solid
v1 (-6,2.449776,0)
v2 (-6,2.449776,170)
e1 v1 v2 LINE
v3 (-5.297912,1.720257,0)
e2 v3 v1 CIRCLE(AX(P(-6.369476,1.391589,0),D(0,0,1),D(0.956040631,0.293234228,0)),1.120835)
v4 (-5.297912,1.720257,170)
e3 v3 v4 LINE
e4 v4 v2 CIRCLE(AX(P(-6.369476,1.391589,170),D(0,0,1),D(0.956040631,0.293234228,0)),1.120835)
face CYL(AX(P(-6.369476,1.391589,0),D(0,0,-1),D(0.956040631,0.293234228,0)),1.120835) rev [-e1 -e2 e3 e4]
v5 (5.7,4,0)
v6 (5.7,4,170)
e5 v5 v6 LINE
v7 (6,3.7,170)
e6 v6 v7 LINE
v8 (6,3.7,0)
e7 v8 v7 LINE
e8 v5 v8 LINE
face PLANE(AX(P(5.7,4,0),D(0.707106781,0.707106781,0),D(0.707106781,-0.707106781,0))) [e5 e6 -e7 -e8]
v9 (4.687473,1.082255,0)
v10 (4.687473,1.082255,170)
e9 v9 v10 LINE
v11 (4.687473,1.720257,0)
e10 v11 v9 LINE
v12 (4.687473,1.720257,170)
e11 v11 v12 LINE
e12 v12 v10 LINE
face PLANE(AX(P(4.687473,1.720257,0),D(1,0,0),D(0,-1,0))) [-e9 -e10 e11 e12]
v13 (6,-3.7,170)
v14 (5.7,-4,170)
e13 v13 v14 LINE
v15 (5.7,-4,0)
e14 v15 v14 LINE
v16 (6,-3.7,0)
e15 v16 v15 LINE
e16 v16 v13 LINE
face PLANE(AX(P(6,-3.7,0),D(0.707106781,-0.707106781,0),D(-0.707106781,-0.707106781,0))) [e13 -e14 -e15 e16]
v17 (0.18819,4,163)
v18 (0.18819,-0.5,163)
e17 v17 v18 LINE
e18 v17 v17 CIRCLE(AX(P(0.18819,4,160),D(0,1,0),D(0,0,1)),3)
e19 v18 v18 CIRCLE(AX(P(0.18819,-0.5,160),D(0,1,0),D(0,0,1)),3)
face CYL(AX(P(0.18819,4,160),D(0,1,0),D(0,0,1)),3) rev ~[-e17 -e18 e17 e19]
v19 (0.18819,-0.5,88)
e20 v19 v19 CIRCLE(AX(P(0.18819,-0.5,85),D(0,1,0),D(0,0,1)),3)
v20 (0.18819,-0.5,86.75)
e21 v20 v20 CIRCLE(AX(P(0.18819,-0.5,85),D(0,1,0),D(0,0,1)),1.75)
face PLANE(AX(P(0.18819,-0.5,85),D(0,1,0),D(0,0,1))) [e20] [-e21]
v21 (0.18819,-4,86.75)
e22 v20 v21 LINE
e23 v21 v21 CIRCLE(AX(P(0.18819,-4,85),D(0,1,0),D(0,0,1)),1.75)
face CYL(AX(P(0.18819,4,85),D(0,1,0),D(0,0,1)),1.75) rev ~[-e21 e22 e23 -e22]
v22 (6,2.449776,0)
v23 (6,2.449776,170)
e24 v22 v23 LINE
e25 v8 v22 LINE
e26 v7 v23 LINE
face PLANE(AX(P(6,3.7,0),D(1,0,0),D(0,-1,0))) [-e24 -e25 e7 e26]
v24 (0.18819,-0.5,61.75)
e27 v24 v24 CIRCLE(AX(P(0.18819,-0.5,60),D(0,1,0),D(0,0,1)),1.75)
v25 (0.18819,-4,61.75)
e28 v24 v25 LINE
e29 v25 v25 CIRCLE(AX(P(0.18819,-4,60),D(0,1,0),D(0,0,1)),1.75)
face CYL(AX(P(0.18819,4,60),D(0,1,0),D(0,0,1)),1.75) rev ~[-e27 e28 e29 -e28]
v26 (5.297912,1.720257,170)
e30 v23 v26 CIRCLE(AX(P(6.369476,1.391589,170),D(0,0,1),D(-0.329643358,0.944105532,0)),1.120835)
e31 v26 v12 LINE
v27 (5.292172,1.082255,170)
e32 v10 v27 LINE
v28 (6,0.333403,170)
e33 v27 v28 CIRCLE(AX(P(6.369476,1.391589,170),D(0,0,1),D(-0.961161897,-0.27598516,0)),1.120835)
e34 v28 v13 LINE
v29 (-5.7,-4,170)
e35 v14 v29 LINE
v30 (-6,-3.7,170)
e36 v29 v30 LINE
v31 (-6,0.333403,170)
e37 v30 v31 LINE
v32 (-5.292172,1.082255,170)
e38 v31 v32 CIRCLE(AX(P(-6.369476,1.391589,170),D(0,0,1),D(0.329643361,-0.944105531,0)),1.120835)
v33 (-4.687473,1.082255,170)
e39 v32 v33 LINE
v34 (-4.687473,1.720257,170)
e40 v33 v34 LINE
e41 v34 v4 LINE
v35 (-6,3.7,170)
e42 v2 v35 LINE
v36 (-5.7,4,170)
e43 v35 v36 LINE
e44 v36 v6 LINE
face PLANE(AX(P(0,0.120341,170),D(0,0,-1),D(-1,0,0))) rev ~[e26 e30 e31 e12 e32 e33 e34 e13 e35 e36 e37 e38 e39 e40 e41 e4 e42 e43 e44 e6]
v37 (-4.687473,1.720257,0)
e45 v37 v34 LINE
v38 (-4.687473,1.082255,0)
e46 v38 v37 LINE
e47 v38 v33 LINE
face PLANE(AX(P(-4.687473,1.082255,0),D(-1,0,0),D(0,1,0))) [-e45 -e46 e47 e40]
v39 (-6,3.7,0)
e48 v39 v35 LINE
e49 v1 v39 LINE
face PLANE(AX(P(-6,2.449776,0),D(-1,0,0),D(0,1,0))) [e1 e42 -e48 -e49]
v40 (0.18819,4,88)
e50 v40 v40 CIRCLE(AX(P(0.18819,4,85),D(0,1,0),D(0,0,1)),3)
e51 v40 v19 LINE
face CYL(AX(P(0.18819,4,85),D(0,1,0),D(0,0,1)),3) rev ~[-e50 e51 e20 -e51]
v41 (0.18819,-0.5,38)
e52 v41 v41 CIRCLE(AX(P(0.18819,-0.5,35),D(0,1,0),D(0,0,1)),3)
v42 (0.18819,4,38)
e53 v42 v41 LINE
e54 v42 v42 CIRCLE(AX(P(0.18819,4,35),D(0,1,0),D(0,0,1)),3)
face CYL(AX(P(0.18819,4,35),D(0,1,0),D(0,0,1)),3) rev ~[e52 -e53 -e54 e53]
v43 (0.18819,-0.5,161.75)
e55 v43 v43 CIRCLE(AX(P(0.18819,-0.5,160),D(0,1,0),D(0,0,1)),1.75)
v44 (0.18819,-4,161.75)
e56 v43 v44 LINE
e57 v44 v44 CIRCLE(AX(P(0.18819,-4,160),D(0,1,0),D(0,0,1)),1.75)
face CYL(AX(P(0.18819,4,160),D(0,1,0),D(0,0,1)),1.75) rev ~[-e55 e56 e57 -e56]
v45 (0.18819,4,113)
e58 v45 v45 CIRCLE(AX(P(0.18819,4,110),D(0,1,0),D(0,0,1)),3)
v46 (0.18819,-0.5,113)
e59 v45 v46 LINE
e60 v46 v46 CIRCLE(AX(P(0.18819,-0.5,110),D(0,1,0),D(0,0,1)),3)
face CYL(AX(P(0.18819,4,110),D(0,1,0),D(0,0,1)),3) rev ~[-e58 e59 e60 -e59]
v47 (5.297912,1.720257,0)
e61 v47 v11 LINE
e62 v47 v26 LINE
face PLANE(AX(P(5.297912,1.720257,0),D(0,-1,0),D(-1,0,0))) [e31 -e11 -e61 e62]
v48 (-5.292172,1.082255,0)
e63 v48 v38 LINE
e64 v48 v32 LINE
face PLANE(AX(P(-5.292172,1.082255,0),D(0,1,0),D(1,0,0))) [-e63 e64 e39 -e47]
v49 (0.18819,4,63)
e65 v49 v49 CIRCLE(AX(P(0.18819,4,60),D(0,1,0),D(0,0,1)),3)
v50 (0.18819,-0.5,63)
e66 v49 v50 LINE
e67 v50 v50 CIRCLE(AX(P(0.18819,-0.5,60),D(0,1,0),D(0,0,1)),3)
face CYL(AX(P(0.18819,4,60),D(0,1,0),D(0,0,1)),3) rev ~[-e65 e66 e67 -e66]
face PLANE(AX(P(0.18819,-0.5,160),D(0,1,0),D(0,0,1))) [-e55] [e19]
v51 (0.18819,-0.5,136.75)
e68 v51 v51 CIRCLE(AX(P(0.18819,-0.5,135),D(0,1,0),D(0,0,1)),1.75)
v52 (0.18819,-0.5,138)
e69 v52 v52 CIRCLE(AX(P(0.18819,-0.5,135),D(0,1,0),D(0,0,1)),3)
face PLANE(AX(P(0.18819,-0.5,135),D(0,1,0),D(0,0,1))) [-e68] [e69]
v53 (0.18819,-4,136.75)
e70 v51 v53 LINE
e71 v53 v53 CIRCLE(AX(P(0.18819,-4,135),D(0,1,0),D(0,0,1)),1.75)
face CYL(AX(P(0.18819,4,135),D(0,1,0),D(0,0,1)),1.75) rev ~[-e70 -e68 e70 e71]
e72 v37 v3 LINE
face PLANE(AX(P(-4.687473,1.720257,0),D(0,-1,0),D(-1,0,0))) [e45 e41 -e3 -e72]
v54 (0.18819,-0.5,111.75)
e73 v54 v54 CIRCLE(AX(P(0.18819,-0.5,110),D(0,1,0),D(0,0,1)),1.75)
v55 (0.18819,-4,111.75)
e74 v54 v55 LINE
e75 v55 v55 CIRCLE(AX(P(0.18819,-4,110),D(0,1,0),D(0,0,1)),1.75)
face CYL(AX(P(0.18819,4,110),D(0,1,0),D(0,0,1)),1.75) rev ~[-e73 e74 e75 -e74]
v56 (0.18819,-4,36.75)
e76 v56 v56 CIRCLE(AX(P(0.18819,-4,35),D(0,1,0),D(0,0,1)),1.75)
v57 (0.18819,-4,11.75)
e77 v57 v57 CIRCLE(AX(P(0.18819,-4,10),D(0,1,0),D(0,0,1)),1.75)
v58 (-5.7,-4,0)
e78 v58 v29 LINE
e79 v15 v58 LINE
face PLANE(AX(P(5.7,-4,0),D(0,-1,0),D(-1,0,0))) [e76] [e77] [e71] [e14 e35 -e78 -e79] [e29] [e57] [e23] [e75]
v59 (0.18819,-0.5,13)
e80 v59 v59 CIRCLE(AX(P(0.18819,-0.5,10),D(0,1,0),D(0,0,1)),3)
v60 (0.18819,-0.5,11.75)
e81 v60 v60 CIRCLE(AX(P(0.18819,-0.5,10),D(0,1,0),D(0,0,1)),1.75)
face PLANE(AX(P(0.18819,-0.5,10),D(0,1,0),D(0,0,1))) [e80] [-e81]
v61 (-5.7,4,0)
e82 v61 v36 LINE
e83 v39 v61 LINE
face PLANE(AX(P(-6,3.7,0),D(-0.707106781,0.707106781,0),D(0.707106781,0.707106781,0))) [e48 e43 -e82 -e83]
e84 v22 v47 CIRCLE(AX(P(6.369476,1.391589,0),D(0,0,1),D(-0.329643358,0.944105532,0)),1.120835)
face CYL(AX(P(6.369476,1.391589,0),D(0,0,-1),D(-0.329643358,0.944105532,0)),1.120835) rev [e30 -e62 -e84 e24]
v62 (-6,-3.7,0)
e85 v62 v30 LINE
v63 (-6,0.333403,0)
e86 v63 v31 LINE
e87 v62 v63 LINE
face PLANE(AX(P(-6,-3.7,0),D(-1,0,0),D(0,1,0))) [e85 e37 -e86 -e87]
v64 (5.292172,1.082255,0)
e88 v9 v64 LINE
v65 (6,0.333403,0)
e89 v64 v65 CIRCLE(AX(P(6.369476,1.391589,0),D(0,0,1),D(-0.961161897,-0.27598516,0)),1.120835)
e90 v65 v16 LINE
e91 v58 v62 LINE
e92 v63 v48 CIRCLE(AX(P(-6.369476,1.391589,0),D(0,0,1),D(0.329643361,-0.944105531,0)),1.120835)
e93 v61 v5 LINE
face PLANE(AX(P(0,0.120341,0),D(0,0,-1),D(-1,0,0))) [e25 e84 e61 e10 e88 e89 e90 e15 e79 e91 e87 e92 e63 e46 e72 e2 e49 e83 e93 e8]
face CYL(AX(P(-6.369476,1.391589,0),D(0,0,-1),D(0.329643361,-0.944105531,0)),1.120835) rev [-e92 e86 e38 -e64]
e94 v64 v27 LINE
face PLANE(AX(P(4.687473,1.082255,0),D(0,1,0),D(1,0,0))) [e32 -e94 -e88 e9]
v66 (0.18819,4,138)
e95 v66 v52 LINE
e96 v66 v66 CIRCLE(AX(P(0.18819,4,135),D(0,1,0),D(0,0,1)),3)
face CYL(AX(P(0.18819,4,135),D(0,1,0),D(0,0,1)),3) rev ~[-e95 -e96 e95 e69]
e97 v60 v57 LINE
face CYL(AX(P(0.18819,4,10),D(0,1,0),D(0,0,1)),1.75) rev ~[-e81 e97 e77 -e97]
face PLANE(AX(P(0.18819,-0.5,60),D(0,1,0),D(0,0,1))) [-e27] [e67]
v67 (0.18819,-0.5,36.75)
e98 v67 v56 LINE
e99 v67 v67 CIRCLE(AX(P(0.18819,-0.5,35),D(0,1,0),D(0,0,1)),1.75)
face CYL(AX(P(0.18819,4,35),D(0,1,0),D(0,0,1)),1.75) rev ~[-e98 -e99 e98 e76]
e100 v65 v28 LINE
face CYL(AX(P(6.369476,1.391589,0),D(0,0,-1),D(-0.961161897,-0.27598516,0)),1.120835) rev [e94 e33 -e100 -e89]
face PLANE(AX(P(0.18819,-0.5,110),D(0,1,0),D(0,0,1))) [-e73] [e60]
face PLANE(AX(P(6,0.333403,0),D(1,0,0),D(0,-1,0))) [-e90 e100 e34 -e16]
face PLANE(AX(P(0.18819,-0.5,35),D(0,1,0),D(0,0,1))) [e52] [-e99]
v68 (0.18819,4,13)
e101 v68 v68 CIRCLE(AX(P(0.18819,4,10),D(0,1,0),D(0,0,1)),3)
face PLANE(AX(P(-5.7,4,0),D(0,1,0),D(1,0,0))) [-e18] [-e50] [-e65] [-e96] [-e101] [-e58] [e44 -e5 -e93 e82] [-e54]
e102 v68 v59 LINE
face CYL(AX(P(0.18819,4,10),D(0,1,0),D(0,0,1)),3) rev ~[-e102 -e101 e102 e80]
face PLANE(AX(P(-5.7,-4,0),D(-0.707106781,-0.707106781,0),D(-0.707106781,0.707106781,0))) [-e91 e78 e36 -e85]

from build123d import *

# Parameters (mm, degrees)
EXTRUDE_1_DEPTH        = 170
SKETCH_2_R             = 3
SKETCH_2_R_2           = 1.75
CUT_EXTRUDE_1_DEPTH    = 4.5
SKETCH_2_2_R           = 1.75
CUT_EXTRUDE_2_DEPTH    = 171.293863659
PATTERN_LINEAR_1_COUNT = 12
PATTERN_LINEAR_1_PITCH = 25


with BuildPart() as part:
    # Эскиз1 → Бобышка-Вытянуть1 (new body)
    with BuildSketch(Plane.XY):
        with BuildLine():
            Line((-6, 3.7), (-5.7, 4))
            Line((-5.7, 4), (5.7, 4))
            Line((5.7, 4), (6, 3.7))
            Line((6, 3.7), (6, 2.449776022))
            ThreePointArc((6, 2.449776022), (5.561887715, 2.168810579), (5.297911886, 1.720256551))
            Line((5.297911886, 1.720256551), (4.687472904, 1.720256551))
            Line((4.687472904, 1.720256551), (4.687472904, 1.082255421))
            Line((4.687472904, 1.082255421), (5.292171789, 1.082255421))
            ThreePointArc((5.292171789, 1.082255421), (5.554928022, 0.621665058), (6, 0.333402583))
            Line((6, 0.333402583), (6, -3.7))
            Line((6, -3.7), (5.7, -4))
            Line((5.7, -4), (-5.7, -4))
            Line((-5.7, -4), (-6, -3.7))
            Line((-6, -3.7), (-6, 0.333402583))
            ThreePointArc((-6, 0.333402583), (-5.554928022, 0.621665058), (-5.292171789, 1.082255421))
            Line((-5.292171789, 1.082255421), (-4.687472904, 1.082255421))
            Line((-4.687472904, 1.082255421), (-4.687472904, 1.720256551))
            Line((-4.687472904, 1.720256551), (-5.297911886, 1.720256551))
            ThreePointArc((-5.297911886, 1.720256551), (-5.561887715, 2.168810579), (-6, 2.449776022))
            Line((-6, 2.449776022), (-6, 3.7))
        make_face()
    extrude(amount=EXTRUDE_1_DEPTH)

    # Эскиз2 → Вырез-Вытянуть1 (cut)
    with BuildSketch(Plane(origin=(0, 4, 0), x_dir=(1, 0, 0), z_dir=(0, 1, 0))):
        with Locations((0.188190244, -10)):
            Circle(SKETCH_2_R)
        with Locations((0.188190244, -10)):
            Circle(SKETCH_2_R_2, mode=Mode.SUBTRACT)
    cut_extrude_1 = extrude(amount=-CUT_EXTRUDE_1_DEPTH, mode=Mode.SUBTRACT)

    # Эскиз2<2> → Вырез-Вытянуть2 (cut, through all)
    with BuildSketch(Plane(origin=(0, 4, 0), x_dir=(1, 0, 0), z_dir=(0, 1, 0))):
        with Locations((0.188190244, -10)):
            Circle(SKETCH_2_2_R)
    cut_extrude_2 = extrude(amount=-CUT_EXTRUDE_2_DEPTH, mode=Mode.SUBTRACT)

    # Линейный массив1: Вырез-Вытянуть1, Вырез-Вытянуть2 ×12
    with Locations(*[(0, 0, i * PATTERN_LINEAR_1_PITCH) for i in range(1, PATTERN_LINEAR_1_COUNT)]):
        add(cut_extrude_1, mode=Mode.SUBTRACT)
        add(cut_extrude_2, mode=Mode.SUBTRACT)


solid = part.part
